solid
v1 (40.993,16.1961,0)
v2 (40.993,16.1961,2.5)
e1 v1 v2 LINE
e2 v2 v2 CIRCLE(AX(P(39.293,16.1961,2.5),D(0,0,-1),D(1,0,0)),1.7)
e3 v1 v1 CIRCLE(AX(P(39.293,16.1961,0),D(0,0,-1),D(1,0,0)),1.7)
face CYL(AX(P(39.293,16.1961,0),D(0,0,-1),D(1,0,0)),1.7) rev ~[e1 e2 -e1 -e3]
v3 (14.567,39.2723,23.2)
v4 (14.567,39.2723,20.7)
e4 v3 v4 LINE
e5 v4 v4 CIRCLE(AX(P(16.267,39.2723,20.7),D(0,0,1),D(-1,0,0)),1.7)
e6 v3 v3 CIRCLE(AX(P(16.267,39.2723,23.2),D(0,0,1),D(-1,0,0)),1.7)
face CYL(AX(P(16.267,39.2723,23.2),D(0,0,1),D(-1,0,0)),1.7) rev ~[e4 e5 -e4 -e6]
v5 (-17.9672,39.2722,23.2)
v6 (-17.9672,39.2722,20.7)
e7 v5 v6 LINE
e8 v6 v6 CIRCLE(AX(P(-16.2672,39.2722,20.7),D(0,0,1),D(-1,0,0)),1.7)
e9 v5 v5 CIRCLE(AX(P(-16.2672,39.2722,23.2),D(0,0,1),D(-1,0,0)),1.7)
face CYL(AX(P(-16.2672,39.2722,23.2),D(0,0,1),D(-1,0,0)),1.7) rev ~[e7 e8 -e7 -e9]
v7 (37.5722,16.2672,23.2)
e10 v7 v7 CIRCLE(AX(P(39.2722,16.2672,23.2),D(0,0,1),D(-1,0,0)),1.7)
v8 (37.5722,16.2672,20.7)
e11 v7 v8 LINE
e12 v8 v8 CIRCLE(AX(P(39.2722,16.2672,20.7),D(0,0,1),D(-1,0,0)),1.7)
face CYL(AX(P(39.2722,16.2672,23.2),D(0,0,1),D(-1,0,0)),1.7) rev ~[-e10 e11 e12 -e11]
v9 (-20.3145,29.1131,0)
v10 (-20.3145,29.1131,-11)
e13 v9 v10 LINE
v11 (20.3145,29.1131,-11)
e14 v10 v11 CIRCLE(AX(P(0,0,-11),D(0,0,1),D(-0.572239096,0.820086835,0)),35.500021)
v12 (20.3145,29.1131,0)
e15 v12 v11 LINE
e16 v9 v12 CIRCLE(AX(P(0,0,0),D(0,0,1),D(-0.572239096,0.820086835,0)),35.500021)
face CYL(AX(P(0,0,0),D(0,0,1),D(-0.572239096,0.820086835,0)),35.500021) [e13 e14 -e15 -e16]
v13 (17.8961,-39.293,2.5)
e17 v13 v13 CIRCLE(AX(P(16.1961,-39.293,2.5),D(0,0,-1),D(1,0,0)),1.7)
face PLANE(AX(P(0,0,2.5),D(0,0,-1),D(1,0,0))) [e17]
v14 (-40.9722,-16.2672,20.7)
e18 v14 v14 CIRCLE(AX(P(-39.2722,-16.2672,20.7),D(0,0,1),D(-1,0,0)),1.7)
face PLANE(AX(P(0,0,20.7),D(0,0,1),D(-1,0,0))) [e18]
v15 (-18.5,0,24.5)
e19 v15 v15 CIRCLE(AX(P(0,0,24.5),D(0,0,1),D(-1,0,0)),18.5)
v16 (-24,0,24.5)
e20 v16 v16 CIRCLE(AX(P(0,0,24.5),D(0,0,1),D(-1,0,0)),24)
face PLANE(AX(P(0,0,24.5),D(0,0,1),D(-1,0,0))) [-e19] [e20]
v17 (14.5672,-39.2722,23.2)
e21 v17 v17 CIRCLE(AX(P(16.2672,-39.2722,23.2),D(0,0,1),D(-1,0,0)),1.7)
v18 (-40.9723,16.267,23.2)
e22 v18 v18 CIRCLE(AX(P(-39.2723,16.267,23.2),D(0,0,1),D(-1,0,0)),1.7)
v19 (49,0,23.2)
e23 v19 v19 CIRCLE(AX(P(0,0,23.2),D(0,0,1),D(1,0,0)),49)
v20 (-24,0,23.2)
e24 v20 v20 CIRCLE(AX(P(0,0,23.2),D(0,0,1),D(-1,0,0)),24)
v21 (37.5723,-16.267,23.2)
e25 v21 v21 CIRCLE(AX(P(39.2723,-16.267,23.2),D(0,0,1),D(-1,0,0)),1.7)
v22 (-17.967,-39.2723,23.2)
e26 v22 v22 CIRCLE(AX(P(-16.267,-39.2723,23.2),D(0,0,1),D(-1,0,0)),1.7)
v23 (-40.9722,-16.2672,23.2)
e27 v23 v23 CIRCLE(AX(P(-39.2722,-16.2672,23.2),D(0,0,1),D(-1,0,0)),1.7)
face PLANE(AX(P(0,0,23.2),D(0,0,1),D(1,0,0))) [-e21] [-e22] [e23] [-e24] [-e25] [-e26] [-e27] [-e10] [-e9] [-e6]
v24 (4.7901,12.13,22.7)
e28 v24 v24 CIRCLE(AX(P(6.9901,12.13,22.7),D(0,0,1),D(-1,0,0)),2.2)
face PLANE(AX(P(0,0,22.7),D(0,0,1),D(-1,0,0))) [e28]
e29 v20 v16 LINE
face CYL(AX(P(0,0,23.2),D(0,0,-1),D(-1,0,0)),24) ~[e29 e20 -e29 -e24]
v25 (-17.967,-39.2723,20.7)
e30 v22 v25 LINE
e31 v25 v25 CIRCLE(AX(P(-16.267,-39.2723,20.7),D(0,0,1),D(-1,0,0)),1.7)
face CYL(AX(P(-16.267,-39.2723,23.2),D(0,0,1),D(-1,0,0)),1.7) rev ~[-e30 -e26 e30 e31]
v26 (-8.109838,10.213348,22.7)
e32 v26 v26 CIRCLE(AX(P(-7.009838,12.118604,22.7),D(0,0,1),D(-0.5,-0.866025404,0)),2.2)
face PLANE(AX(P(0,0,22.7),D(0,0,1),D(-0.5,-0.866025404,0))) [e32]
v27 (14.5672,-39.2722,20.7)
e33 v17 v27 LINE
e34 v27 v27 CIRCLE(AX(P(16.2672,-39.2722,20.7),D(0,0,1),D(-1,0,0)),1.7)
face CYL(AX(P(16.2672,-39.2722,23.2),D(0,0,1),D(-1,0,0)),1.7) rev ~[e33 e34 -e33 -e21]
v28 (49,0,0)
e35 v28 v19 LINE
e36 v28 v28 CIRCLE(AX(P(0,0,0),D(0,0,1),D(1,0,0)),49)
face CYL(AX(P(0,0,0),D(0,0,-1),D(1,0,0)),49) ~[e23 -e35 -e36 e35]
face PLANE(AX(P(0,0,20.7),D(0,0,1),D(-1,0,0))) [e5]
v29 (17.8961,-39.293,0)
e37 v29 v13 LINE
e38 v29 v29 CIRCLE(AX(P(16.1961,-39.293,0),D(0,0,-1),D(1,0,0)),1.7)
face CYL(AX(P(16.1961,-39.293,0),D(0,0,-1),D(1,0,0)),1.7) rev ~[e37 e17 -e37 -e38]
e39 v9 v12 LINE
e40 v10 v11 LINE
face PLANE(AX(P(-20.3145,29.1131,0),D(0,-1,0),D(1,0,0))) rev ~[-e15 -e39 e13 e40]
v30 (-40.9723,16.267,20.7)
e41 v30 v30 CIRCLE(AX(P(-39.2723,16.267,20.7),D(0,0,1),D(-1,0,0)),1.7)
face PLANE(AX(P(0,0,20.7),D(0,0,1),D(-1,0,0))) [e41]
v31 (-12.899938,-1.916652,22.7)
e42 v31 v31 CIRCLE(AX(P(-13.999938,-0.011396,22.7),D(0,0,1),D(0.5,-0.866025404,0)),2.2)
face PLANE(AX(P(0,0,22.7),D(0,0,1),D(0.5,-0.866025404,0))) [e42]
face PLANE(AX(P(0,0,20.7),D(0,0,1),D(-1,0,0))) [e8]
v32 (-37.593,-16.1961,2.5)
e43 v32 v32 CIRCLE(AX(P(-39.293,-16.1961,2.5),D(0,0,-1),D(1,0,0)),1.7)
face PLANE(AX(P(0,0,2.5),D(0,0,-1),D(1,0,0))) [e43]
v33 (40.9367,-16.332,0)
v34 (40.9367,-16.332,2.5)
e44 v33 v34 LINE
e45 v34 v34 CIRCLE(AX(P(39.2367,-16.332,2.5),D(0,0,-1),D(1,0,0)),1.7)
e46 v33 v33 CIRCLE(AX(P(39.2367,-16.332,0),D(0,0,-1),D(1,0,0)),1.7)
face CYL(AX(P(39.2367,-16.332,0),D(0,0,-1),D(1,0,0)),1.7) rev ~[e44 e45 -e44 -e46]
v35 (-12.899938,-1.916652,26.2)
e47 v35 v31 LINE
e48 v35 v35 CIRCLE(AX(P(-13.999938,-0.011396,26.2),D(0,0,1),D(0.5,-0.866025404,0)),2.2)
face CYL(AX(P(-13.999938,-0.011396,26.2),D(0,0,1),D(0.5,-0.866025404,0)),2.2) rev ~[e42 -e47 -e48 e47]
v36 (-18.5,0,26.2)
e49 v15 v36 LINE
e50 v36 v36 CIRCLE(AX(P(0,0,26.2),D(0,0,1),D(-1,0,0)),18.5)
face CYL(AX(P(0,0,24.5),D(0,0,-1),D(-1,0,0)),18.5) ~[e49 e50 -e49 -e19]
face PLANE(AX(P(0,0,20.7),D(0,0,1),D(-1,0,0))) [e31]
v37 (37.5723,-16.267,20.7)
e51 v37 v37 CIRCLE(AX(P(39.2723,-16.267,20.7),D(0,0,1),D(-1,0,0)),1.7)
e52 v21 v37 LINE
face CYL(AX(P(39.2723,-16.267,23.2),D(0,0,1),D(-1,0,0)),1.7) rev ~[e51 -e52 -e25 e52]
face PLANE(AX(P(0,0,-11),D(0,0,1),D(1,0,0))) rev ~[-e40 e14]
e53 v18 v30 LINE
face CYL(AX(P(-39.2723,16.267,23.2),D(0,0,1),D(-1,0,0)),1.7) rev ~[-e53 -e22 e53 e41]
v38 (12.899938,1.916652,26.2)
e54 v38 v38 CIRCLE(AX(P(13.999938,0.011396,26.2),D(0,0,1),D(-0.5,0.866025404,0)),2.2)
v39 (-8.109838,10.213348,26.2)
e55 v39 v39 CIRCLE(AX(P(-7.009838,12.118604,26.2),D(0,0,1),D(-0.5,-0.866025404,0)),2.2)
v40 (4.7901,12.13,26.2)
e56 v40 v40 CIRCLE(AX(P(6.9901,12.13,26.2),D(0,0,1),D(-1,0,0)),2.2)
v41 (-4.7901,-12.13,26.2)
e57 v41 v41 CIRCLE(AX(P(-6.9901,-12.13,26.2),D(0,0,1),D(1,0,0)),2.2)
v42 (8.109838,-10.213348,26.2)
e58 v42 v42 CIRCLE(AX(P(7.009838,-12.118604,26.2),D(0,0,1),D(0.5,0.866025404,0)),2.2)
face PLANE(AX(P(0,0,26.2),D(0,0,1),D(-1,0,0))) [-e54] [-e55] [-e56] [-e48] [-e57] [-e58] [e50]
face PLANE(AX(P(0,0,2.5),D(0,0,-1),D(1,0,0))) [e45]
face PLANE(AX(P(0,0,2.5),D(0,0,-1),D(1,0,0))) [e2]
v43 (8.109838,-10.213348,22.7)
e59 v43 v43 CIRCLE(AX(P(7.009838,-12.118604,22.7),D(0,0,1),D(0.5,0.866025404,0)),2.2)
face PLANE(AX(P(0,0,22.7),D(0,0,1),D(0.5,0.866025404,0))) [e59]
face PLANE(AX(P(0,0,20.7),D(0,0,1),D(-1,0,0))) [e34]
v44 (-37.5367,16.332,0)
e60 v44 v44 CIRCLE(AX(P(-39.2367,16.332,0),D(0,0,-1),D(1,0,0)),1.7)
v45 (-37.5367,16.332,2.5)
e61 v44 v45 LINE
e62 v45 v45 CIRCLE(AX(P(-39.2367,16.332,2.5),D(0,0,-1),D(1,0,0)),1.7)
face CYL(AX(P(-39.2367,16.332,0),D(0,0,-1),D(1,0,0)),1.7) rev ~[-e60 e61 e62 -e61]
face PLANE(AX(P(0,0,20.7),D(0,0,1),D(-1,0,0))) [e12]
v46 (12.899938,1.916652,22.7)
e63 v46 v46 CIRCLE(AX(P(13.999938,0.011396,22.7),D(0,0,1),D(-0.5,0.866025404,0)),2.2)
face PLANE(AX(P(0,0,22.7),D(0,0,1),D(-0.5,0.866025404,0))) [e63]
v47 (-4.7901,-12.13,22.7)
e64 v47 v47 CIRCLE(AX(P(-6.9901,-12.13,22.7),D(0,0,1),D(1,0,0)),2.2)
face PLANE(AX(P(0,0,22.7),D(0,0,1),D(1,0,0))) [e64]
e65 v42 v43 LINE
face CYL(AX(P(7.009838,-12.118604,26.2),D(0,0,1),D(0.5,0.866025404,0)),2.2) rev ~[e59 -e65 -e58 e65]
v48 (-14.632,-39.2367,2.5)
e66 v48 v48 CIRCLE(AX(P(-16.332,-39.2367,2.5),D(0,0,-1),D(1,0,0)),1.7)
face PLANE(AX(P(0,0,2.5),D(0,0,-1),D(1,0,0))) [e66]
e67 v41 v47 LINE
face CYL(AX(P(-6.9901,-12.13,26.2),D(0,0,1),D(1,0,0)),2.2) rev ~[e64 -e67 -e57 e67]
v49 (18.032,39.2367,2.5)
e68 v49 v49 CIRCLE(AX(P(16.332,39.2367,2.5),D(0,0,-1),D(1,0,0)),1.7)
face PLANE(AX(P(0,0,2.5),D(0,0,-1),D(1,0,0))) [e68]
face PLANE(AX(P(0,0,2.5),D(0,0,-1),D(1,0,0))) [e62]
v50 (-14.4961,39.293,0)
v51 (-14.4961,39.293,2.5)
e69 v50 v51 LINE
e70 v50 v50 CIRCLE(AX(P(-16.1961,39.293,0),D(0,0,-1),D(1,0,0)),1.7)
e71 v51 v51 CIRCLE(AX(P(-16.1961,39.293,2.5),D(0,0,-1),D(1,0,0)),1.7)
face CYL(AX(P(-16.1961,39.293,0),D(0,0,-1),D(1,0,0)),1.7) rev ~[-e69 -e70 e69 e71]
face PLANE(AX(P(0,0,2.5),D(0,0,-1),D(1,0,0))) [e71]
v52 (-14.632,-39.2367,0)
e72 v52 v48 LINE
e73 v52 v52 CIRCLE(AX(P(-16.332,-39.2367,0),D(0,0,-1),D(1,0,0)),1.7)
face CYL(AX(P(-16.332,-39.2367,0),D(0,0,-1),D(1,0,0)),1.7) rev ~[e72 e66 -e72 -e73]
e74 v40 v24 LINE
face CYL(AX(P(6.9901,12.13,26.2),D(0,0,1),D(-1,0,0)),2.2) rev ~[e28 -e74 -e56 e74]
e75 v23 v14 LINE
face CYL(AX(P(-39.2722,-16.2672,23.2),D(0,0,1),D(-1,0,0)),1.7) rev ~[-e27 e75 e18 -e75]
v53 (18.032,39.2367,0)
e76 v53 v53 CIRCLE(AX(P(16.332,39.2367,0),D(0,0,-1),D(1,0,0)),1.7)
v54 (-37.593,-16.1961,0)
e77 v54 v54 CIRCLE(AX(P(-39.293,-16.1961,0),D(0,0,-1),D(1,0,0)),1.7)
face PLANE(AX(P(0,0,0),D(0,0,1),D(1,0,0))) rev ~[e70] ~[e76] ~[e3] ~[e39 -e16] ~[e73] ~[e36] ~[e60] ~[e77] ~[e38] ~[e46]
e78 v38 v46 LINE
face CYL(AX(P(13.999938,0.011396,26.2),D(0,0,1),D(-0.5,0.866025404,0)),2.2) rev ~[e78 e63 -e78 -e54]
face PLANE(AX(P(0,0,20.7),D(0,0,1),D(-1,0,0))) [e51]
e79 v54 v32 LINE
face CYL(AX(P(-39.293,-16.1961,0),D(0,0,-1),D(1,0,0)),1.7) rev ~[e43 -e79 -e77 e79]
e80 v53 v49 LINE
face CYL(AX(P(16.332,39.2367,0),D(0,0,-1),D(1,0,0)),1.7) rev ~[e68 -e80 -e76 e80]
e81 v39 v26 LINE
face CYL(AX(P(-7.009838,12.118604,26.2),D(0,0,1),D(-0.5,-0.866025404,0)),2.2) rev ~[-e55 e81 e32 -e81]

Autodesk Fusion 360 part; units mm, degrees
sketch "Back plate disc" plane through (0, 0, 0) normal (0, 0, 1) x (1, 0, 0)
  circle A0 centre (0, 0) radius 49
  dimension "d21" = 98
extrude "Main body extrude" add sketch "Back plate disc" along normal blind 23.2
sketch "Motor top outer ring sketch" plane through (0, 0, 23.2) normal (0, 0, 1) x (-1, 0, 0)
  circle A0 centre (0, 0) radius 49
  circle A1 centre (0, 0) radius 24
  dimension "d24" = 48
extrude "Motor top, outer ring extrude" add sketch "Motor top outer ring sketch" along normal blind 1.3 contours A1
sketch "Motor rotor ring sketch" plane through (0, 0, 24.5) normal (0, 0, 1) x (-1, 0, 0)
  circle A0 centre (0, 0) radius 24
  circle A1 centre (0, 0) radius 18.5
  dimension "d27" = 37
extrude "Motor rotor ring extrude" add sketch "Motor rotor ring sketch" along normal blind 1.7 contours A1
sketch "Motor driver cavity" plane through (0, 0, 0) normal (0, 0, 1) x (1, 0, 0)
  line L0 (-20.3145, 29.1131) -> (20.3145, 29.1131)
  arc A0 (-20.3145, 29.1131) -> (20.3145, 29.1131) centre (0, 0) ccw
  dimension "d30" = 71
extrude "Motor driver cavity extrude" add sketch "Motor driver cavity" against normal blind 11
sketch "Back plate mounting screws" plane through (0, 0, 0) normal (0, 0, -1) x (1, 0, 0)
  circle A0 centre (0, 0) radius 49
  circle A1 centre (0, 0) radius 42.5 construction
  circle A2 centre (16.1961, 39.293) radius 1.7
  circle A3 centre (-16.332, 39.2367) radius 1.7
  circle A4 centre (-39.293, 16.1961) radius 1.7
  circle A5 centre (-39.2367, -16.332) radius 1.7
  circle A6 centre (-16.1961, -39.293) radius 1.7
  circle A7 centre (16.332, -39.2367) radius 1.7
  circle A8 centre (39.293, -16.1961) radius 1.7
  circle A9 centre (39.2367, 16.332) radius 1.7
  line L0 (20.3145, -29.1131) -> (-20.3145, -29.1131)
  arc A10 (20.3145, -29.1131) -> (-20.3145, -29.1131) centre (0, 0) ccw
  dimension "d33" = 85
  dimension "d35" = 3.4
  dimension "d37" = 360
extrude "Representative M3 screw holes" cut sketch "Back plate mounting screws" against normal blind 2.5 contours A2 | A3 | A4 | A5 | A6 | A7 | A8 | A9
sketch "Top plate outer screw holes" plane through (0, 0, 23.2) normal (0, 0, 1) x (-1, 0, 0)
  circle A0 centre (0, 0) radius 24
  circle A1 centre (0, 0) radius 49
  circle A2 centre (0, 0) radius 42.5 construction
  circle A3 centre (-16.267, -39.2723) radius 1.7
  circle A4 centre (16.2672, -39.2722) radius 1.7
  circle A5 centre (39.2723, -16.267) radius 1.7
  circle A6 centre (39.2722, 16.2672) radius 1.7
  circle A7 centre (16.267, 39.2723) radius 1.7
  circle A8 centre (-16.2672, 39.2722) radius 1.7
  circle A9 centre (-39.2723, 16.267) radius 1.7
  circle A10 centre (-39.2722, -16.2672) radius 1.7
  dimension "d38" = 85
  dimension "d40" = 3.4
  dimension "d42" = 360
extrude "Representative screw extrudes" cut sketch "Top plate outer screw holes" against normal blind 2.5 contours A3 | A4 | A5 | A6 | A7 | A8 | A9 | A10
sketch "Motor shaft screws" plane through (0, 0, 26.2) normal (0, 0, 1) x (-1, 0, 0)
  circle A0 centre (0, 0) radius 18.5
  circle A1 centre (0, 0) radius 14 construction
  circle A2 centre (-6.9901, -12.13) radius 2.2
  dimension "d56" = 28
  dimension "d58" = 4.4
extrude "Motor shaft M4 screw extrude" cut sketch "Motor shaft screws" against normal blind 3.5 contours A2
pattern_circular "6 screws for rotor" count 6 over 360 about axis through (0, 0, 1.75) along (0, 0, 1) of "Motor shaft M4 screw extrude"
